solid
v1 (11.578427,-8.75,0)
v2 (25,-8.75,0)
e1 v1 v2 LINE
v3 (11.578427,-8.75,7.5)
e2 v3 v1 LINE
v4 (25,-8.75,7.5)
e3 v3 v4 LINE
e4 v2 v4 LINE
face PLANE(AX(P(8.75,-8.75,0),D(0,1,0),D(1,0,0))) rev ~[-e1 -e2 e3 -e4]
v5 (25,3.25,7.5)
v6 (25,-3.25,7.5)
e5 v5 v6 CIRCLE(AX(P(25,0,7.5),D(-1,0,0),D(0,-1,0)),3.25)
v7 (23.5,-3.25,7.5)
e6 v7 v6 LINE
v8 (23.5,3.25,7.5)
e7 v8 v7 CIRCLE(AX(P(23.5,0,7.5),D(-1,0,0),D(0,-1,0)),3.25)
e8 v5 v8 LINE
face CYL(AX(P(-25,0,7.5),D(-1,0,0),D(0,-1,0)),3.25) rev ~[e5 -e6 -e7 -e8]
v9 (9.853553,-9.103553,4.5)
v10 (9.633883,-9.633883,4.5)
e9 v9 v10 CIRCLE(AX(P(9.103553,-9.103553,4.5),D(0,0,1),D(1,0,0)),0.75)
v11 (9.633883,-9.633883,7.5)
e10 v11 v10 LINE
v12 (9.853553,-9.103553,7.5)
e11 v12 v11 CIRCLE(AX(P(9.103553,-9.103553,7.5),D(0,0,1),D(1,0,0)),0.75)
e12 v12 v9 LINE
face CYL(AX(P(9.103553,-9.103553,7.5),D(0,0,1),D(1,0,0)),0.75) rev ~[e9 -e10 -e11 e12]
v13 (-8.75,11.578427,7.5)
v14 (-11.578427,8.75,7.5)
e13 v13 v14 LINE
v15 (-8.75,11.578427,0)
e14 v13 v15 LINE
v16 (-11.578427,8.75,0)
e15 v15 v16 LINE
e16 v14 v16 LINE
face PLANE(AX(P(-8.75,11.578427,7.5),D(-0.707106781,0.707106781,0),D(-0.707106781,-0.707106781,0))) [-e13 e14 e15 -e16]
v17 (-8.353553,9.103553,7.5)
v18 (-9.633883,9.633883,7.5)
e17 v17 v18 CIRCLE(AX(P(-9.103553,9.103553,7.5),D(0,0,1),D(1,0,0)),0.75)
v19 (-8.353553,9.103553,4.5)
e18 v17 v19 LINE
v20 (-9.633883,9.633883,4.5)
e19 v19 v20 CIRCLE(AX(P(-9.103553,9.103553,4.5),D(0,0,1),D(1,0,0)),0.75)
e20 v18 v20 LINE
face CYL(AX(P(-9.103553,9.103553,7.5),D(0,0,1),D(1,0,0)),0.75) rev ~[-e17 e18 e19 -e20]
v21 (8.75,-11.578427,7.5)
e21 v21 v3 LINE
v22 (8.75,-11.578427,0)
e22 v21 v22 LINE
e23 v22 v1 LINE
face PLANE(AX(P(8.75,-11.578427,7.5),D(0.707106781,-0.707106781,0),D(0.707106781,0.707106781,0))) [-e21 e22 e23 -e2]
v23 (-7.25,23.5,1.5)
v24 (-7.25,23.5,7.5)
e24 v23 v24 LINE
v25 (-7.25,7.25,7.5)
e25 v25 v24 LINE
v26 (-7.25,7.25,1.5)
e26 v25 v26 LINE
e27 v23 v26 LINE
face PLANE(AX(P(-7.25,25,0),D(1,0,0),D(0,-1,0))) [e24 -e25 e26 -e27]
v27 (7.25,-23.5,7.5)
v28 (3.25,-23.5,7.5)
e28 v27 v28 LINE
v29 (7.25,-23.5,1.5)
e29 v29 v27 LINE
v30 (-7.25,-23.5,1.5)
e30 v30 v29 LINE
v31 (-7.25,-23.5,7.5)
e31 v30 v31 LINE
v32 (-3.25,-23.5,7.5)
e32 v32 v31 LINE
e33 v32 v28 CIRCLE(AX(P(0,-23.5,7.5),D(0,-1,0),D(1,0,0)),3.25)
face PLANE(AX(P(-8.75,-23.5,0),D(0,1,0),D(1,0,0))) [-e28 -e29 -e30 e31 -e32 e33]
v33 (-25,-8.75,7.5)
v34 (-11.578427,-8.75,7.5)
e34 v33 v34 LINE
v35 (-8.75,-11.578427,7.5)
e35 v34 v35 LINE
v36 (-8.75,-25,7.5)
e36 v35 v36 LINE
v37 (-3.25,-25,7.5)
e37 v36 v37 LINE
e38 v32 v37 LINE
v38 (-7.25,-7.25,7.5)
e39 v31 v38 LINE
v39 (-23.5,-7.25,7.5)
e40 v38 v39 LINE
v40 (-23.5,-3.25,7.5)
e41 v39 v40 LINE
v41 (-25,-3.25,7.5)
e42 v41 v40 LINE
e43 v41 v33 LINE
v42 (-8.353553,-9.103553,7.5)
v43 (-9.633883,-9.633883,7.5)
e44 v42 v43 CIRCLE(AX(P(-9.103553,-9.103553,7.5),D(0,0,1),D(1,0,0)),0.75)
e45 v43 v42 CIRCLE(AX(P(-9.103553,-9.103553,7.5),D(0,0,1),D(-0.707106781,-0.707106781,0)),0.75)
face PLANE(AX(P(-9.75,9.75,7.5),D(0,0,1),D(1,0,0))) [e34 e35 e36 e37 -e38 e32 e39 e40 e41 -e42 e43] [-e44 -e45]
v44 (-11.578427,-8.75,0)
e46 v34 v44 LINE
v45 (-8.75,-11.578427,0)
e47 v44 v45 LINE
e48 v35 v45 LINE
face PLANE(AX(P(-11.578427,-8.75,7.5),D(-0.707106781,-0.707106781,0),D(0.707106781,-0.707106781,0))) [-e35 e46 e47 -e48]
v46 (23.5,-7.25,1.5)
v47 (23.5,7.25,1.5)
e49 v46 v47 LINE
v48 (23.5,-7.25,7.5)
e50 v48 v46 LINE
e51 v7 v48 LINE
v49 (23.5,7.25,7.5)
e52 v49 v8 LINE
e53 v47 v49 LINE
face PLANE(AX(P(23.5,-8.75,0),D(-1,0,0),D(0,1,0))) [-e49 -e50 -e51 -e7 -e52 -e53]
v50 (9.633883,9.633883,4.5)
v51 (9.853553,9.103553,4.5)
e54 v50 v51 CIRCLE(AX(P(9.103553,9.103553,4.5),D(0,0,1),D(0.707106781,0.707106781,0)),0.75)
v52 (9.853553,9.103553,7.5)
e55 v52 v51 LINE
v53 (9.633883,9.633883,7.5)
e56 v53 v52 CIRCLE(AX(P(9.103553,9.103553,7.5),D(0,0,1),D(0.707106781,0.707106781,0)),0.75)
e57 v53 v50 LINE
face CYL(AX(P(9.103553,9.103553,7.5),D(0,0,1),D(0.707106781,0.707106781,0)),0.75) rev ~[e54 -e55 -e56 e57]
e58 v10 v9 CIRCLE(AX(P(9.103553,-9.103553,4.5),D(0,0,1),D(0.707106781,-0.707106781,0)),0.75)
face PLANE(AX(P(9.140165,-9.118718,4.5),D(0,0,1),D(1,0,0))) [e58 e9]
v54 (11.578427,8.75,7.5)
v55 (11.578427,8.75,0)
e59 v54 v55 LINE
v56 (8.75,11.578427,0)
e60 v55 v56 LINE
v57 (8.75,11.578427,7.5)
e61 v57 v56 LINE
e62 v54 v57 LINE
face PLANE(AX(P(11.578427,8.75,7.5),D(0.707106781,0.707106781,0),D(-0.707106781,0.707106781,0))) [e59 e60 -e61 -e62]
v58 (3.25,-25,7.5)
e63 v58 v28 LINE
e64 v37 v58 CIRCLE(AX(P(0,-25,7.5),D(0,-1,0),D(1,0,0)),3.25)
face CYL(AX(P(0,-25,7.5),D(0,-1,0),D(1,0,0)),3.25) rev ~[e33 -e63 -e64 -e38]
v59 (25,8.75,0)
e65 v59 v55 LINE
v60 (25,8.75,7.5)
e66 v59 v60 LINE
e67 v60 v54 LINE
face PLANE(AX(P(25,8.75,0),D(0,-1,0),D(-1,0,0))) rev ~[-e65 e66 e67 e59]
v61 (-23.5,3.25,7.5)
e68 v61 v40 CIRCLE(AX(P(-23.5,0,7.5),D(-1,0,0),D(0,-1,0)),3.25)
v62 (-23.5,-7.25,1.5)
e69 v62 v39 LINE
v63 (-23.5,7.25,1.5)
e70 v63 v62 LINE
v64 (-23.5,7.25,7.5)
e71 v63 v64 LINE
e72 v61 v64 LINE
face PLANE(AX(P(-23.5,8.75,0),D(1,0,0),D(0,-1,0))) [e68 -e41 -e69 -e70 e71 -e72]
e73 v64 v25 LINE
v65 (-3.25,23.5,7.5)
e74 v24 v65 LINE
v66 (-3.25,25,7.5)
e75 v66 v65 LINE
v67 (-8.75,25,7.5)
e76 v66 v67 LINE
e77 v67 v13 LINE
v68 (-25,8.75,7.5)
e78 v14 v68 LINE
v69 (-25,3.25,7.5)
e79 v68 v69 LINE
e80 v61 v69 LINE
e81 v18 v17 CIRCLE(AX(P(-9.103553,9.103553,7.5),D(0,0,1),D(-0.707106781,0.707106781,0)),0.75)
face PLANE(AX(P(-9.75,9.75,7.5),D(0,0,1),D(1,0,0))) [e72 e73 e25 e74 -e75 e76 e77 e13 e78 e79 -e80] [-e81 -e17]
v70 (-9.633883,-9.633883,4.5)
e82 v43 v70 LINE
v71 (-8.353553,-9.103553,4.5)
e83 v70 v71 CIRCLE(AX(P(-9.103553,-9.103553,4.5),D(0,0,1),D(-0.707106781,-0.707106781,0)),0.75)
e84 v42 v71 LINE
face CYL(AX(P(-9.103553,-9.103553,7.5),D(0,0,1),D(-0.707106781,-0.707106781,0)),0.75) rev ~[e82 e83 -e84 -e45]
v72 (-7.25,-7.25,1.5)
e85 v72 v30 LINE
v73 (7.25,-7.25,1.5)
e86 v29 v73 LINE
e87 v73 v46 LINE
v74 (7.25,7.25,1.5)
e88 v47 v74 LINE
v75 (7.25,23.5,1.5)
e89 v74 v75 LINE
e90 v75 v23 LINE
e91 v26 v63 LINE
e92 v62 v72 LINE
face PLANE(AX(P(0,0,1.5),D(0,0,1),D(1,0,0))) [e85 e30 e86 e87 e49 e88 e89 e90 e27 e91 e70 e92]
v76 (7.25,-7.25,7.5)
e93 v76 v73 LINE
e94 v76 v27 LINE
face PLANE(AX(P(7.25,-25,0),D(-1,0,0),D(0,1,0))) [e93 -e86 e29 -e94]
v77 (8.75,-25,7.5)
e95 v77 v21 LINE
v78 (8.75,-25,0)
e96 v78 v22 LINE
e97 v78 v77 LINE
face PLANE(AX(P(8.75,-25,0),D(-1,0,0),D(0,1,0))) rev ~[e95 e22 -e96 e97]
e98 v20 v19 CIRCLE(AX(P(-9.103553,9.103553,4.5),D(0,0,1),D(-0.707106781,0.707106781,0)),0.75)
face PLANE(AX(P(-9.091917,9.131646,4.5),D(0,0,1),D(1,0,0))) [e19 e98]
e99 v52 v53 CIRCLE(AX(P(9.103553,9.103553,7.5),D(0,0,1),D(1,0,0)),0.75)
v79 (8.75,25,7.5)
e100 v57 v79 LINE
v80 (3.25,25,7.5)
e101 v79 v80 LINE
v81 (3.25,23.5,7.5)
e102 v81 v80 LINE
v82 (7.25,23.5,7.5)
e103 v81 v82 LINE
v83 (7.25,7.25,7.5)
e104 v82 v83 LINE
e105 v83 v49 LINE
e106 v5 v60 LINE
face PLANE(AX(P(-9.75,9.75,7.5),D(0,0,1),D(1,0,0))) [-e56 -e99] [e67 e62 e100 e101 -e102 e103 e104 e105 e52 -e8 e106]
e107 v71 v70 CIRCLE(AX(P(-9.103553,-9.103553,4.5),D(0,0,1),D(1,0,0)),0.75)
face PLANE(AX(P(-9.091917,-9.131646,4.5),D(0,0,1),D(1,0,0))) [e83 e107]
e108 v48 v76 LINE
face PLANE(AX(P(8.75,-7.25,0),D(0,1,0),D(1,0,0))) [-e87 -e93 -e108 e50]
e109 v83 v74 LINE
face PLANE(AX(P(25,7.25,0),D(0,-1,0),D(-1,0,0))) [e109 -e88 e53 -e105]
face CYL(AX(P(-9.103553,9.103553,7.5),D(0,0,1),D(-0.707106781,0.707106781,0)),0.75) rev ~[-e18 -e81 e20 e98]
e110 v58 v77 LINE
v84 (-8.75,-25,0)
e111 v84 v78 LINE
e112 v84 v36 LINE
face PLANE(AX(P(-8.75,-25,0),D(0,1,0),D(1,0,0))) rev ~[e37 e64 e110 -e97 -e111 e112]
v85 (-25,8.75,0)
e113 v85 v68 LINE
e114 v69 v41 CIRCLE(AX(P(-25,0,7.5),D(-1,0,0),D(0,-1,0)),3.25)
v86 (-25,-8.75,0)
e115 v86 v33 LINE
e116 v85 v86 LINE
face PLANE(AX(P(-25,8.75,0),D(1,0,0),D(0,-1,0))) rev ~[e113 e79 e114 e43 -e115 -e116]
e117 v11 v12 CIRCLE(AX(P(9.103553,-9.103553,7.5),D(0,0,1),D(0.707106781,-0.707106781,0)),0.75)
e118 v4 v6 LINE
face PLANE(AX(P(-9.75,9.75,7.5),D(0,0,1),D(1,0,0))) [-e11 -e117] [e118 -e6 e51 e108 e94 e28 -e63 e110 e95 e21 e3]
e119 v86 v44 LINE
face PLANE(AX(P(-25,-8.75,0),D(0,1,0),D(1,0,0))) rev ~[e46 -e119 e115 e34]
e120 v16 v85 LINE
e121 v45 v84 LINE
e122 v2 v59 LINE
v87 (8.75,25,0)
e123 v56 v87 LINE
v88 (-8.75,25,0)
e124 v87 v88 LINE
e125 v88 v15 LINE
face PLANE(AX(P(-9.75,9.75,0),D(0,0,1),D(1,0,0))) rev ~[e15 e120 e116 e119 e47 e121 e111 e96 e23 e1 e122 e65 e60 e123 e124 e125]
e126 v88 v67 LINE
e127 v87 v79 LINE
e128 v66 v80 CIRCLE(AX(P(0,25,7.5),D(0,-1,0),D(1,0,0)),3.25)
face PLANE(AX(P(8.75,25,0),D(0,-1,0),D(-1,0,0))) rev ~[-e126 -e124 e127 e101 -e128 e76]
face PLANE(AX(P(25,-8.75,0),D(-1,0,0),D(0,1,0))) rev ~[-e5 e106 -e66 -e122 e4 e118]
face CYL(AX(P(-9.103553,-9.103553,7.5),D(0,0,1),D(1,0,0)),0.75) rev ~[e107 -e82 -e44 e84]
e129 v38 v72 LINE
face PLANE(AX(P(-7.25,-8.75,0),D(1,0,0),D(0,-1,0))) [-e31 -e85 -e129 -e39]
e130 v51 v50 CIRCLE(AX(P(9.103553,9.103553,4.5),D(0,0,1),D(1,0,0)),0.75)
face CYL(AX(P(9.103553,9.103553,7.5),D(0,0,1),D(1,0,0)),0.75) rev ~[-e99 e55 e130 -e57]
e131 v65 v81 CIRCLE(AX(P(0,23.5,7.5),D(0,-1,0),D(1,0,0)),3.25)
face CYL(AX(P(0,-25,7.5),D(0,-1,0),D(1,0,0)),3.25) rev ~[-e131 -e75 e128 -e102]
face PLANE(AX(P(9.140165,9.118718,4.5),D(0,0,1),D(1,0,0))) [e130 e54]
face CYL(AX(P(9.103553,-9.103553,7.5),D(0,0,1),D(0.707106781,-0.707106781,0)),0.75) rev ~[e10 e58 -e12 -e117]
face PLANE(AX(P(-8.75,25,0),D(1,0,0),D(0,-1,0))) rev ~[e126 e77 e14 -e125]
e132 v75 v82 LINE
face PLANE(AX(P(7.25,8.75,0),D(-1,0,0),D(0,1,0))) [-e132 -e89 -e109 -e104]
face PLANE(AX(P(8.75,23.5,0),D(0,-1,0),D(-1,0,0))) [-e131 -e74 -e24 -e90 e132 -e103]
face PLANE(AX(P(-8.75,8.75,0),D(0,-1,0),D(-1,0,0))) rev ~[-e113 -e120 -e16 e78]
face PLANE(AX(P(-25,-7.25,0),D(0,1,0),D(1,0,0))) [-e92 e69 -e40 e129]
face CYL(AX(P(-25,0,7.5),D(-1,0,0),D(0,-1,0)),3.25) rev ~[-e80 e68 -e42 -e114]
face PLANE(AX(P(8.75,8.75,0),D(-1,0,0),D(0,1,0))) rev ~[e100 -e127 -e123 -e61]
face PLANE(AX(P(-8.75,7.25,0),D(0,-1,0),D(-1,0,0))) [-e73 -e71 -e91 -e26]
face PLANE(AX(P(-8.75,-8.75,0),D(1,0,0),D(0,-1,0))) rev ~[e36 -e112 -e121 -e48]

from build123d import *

# Parameters (mm, degrees)
F1_DEPTH  = 7.5
F2_T      = -1.5
F4_DEPTH  = 7.5
F6_DEPTH  = 3
F7_R      = 3.25
F8_DEPTH  = 50.001
F9_R      = 3.25
F10_DEPTH = 50.001


with BuildPart() as f1:
    # F0 (on Top) → F1 (new body)
    with BuildSketch(Plane.XY):
        Polygon((25, -8.75), (25, 8.75), (8.75, 8.75), (8.75, 25), (-8.75, 25), (-8.75, 8.75), (-25, 8.75), (-25, -8.75), (-8.75, -8.75), (-8.75, -25), (8.75, -25), (8.75, -8.75), align=None)
    extrude(amount=F1_DEPTH)

    # F2
    f2_openings = [f1.faces().sort_by_distance(p)[0] for p in [
        (0, 0, 7.5),
    ]]
    offset(amount=F2_T, openings=f2_openings, kind=Kind.INTERSECTION)

    # F3 (on face) → F4 (join, through all)
    with BuildSketch(Plane.XY.offset(7.5)):
        Polygon((-8.75, 11.5784271247), (-11.5784271247, 8.75), (-8.75, 8.75), align=None)
        Polygon((8.75, 11.5784271247), (8.75, 8.75), (11.5784271247, 8.75), align=None)
        Polygon((-8.75, -11.5784271247), (-8.75, -8.75), (-11.5784271247, -8.75), align=None)
        Polygon((11.5784271247, -8.75), (8.75, -8.75), (8.75, -11.5784271247), align=None)
    extrude(amount=-F4_DEPTH)

    # F5 (on face) → F6 (cut)
    with BuildSketch(Plane.XY.offset(7.5)):
        with BuildLine():
            ThreePointArc((-9.6338834765, 9.6338834765), (-9.3905659649, 8.4106437412), (-8.3535533906, 9.1035533906))
            ThreePointArc((-8.3535533906, 9.1035533906), (-8.8165408163, 9.79646304), (-9.6338834765, 9.6338834765))
        make_face()
        with BuildLine():
            ThreePointArc((9.6338834765, 9.6338834765), (8.4106437412, 8.8165408163), (9.8535533906, 9.1035533906))
            ThreePointArc((9.8535533906, 9.1035533906), (9.79646304, 9.3905659649), (9.6338834765, 9.6338834765))
        make_face()
        with BuildLine():
            ThreePointArc((9.6338834765, -9.6338834765), (9.79646304, -9.3905659649), (9.8535533906, -9.1035533906))
            ThreePointArc((9.8535533906, -9.1035533906), (8.4106437412, -8.8165408163), (9.6338834765, -9.6338834765))
        make_face()
        with BuildLine():
            ThreePointArc((-9.6338834765, -9.6338834765), (-8.8165408163, -9.79646304), (-8.3535533906, -9.1035533906))
            ThreePointArc((-8.3535533906, -9.1035533906), (-9.3905659649, -8.4106437412), (-9.6338834765, -9.6338834765))
        make_face()
    extrude(amount=-F6_DEPTH, mode=Mode.SUBTRACT)

    # F7 (on face) → F8 (cut, through all)
    with BuildSketch(Plane.XZ.offset(25)):
        with Locations((0, 7.5)):
            Circle(F7_R)
    extrude(amount=-F8_DEPTH, mode=Mode.SUBTRACT)

    # F9 (on face) → F10 (cut, through all)
    with BuildSketch(Plane(origin=(-25, 0, 0), x_dir=(0, -1, 0), z_dir=(-1, 0, 0))):
        with Locations((0, 7.5)):
            Circle(F9_R)
    extrude(amount=-F10_DEPTH, mode=Mode.SUBTRACT)


solid = f1.part
